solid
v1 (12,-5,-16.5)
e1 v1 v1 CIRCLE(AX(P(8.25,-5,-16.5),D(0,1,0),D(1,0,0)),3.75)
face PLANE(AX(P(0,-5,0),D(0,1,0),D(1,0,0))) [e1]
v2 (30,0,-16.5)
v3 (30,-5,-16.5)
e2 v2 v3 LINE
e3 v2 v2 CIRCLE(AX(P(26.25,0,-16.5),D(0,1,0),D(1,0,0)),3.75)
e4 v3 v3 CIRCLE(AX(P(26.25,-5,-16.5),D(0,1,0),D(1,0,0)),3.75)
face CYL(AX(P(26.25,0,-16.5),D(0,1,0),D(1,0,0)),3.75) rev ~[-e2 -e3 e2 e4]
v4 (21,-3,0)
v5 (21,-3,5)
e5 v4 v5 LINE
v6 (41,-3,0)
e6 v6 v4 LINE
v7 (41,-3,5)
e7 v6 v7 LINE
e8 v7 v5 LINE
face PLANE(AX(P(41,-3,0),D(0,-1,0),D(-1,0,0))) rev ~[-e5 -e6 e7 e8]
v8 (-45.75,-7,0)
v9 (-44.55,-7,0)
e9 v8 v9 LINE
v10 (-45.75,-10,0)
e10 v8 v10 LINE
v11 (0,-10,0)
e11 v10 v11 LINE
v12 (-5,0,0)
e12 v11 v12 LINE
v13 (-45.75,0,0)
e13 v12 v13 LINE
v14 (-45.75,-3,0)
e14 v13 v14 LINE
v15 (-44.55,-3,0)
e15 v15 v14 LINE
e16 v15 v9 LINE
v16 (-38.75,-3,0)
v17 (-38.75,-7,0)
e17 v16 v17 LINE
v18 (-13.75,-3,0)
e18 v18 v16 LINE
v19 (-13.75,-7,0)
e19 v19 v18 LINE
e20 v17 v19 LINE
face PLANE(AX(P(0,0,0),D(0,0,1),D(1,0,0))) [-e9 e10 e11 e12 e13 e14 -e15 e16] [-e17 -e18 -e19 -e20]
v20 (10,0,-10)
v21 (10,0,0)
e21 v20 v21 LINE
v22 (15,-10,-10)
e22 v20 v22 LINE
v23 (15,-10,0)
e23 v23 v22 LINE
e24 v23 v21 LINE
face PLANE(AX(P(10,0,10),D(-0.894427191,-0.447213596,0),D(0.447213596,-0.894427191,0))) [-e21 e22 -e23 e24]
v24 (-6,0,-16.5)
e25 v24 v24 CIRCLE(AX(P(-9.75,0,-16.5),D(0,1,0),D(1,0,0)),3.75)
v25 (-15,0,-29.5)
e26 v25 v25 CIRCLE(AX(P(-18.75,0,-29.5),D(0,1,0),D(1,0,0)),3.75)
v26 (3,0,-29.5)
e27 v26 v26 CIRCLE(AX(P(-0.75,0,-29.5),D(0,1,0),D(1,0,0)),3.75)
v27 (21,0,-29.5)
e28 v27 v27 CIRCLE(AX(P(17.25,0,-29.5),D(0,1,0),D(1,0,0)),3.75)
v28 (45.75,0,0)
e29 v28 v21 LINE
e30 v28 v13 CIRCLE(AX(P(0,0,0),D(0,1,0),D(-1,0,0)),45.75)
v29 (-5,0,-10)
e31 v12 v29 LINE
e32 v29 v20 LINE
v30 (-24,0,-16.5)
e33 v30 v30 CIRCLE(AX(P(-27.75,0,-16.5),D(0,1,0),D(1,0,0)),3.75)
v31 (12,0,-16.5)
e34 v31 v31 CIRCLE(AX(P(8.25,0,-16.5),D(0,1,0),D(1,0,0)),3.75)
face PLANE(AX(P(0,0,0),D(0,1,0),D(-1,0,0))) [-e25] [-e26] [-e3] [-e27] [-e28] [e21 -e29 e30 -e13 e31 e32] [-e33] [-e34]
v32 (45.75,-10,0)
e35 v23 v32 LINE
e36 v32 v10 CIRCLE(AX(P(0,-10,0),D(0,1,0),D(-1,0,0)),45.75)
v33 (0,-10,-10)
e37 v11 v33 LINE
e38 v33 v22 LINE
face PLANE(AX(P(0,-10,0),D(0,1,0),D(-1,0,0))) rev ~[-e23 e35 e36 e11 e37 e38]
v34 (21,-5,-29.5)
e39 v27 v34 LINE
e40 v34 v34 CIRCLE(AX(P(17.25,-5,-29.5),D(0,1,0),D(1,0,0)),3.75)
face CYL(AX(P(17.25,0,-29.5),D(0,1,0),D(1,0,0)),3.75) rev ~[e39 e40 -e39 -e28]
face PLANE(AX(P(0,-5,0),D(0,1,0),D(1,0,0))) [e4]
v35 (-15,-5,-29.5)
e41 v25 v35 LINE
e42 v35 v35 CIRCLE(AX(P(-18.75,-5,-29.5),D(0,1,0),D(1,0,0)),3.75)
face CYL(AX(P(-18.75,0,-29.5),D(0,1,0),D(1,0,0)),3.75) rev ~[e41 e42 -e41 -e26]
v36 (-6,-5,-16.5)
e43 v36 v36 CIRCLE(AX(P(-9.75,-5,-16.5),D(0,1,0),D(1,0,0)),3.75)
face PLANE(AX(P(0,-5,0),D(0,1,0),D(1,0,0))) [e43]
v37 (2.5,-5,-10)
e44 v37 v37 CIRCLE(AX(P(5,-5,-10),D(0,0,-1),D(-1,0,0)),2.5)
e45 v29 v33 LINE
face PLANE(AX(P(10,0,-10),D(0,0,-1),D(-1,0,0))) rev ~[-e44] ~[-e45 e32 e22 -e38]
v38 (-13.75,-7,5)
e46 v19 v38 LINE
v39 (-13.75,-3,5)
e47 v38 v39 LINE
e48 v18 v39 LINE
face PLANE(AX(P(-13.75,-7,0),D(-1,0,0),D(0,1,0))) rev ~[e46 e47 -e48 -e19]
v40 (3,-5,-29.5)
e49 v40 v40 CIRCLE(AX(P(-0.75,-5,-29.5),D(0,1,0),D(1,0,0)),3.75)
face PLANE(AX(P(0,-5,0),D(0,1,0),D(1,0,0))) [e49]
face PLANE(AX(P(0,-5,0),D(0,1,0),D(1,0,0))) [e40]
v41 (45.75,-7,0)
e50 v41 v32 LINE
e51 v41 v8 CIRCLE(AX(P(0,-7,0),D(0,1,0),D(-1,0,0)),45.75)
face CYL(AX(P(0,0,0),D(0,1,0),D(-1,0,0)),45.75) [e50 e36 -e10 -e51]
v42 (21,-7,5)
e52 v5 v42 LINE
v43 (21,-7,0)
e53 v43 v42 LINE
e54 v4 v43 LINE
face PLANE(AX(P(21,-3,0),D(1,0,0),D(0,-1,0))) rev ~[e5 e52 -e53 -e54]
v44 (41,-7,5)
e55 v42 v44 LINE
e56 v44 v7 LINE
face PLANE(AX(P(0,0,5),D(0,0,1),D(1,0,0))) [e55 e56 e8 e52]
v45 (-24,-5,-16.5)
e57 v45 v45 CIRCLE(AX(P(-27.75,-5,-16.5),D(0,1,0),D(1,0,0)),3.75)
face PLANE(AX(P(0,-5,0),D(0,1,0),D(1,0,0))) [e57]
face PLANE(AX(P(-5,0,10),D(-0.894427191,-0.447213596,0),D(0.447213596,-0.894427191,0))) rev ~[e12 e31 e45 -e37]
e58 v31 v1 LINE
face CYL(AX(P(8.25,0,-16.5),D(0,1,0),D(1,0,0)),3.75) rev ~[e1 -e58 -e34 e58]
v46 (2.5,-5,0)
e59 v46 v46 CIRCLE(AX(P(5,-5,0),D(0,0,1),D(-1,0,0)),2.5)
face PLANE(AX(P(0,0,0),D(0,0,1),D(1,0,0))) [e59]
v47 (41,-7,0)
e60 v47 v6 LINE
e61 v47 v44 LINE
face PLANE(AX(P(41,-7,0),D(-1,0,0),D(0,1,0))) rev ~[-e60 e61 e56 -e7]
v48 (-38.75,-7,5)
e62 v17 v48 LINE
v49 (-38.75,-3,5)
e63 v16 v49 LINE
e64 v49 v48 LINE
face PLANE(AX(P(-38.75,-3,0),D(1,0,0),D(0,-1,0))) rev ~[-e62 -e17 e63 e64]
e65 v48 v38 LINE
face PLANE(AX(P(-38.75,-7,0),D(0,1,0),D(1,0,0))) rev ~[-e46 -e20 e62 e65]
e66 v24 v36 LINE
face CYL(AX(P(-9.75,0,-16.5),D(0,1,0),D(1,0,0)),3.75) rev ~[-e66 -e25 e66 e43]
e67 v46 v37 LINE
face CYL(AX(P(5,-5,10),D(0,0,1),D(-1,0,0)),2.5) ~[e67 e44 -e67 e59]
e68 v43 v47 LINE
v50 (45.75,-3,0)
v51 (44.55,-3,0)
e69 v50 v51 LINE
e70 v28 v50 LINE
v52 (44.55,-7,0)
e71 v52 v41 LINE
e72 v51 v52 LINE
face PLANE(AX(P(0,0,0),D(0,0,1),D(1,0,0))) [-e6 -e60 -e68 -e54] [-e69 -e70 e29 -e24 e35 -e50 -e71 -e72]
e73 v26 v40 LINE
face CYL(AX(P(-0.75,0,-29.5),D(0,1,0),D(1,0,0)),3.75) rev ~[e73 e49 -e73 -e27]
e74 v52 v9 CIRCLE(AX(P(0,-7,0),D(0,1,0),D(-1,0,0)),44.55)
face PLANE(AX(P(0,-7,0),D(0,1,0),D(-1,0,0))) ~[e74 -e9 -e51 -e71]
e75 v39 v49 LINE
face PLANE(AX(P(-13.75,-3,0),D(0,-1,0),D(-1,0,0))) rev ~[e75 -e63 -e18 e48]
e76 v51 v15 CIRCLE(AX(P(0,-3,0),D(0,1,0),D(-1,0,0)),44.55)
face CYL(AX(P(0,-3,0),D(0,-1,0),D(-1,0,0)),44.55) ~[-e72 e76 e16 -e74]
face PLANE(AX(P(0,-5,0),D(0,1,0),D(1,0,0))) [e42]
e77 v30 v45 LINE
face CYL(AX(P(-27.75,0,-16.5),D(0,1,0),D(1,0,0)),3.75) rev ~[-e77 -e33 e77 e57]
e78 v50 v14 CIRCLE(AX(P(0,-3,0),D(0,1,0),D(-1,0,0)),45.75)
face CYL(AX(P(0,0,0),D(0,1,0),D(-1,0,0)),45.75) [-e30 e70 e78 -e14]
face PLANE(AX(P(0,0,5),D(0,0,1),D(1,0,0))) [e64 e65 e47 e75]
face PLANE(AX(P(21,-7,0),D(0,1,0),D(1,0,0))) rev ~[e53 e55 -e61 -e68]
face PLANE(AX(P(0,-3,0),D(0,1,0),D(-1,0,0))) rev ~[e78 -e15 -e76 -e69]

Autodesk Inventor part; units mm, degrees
ref_plane "YZ Plane" through (0, 0, 0) normal (1, 0, 0) x (0, 1, 0)
ref_plane "XZ Plane" through (0, 0, 0) normal (0, 1, 0) x (-1, 0, 0)
ref_plane "XY Plane" through (0, 0, 0) normal (0, 0, 1) x (1, 0, 0)
sketch "스케치1" plane through (0, 0, 0) normal (0, 1, 0) x (-1, 0, 0)
  line L0 (-10, 10) -> (10, 10)
  line L1 (10, 10) -> (10, -10)
  line L2 (10, -10) -> (-10, -10)
  line L3 (-10, -10) -> (-10, 10)
  line L4 (-10, 10) -> (10, -10) construction
  line L5 (10, 10) -> (-10, -10) construction
  line L6 (-10, -10) -> (-15, -10)
  line L7 (-15, -10) -> (-15, 10)
  line L8 (-15, 10) -> (-10, 10)
  line L9 (-10, 10) -> (-10, -10)
  circle A0 centre (0, 0) radius 45.75
  dimension "d0" = 20
  dimension "d1" = 20
  dimension "d2" = 5
  dimension "d17" = 91.5
ref_plane "작업 평면2" through (-10, 20, -10) normal (-1, 0, 0) x (0, 0, 1)
sketch "스케치2" plane through (-10, 20, -10) normal (-1, 0, 0) x (0, 0, 1)
  line L0 (20, -100) -> (20, 0) projected
  line L1 (0, 0) -> (20, 0) projected
  line L2 (0, 0) -> (0, -100) projected
  line L3 (20, -100) -> (0, -100) projected
  circle A0 centre (10, -91) radius 4.5
  point P0 (10, -20)
  dimension "d7" = 9
  dimension "d8" = 9
ref_plane "작업 평면1" through (-10, 20, 10) normal (0, 0, 1) x (1, 0, 0)
sketch "스케치3" plane through (-10, 20, 10) normal (0, 0, 1) x (1, 0, 0)
  line L0 (20, -20) -> (25, -20) projected
  line L1 (25, -20) -> (25, 0) projected
  line L2 (0, 0) -> (25, 0) projected
  line L3 (0, -100) -> (0, 0) projected
  line L4 (20, -100) -> (0, -100) projected
  line L5 (20, -20) -> (20, -100) projected
  line L6 (25, -20) -> (25, 0) projected
  line L7 (25, 0) -> (0, 0) projected
  arc A0 (25, -20) -> (20, 0) centre (-10.6945, -18.2986) ccw
  line L8 (20, 0) -> (25, 0)
  line L9 (25, 0) -> (25, -20)
  point P0 (10, -20)
  point P1 (20, 0)
  point P2 (25, -16.5972)
extrude "돌출4" [suppressed]
extrude "돌출5" [suppressed]
extrude "돌출6" add sketch "스케치1" against normal blind 10
ref_plane "작업 평면3" through (10, 0, -10) normal (0, 0, 1) x (1, 0, 0)
sketch "스케치4" plane through (10, 0, -10) normal (0, 0, 1) x (1, 0, 0)
  line L0 (0, -5) -> (-10, -5) projected
  line L1 (-10, -5) -> (-10, -80) projected
  line L2 (0, -80) -> (-10, -80) projected
  line L3 (0, -5) -> (0, -80) projected
  line L4 (-10, 0) -> (0, 0) projected
  line L5 (0, 0) -> (5, 0) projected
  line L6 (5, 0) -> (5, 3.4028) projected
  arc A0 (5, 3.4028) -> (0, 20) centre (-30.6945, 1.7014) ccw projected
  line L7 (-10, 20) -> (0, 20) projected
  line L8 (-10, 20) -> (-10, 0) projected
  line L9 (0, -5) -> (5, -5)
  line L10 (5, -5) -> (5, 0)
  line L11 (5, 0) -> (0, 0)
  line L12 (0, 0) -> (0, -5)
  line L13 (-55.75, -5) -> (35.75, -5) projected
  line L14 (-10, 0) -> (-15, 0)
  line L15 (-15, 0) -> (-15, -5)
  line L16 (-15, -5) -> (-10, -5)
  line L17 (-10, -5) -> (-10, 0)
  line L18 (-15, 0) -> (-10, -5)
  line L19 (0, 0) -> (5, -5)
  dimension "d20" = 5
sketch "스케치5" plane through (0, 0, 0) normal (0, 1, 0) x (1, 0, 0)
  circle A0 centre (0, 0) radius 45.75 projected
  line L0 (15, -10) -> (-10, -10) projected
  line L1 (-10, 10) -> (15, 10) projected
  line L2 (-12.2866, 10.5) -> (15, 10.5)
  line L3 (15, 10.5) -> (15, -10.5)
  line L4 (15, -10.5) -> (-12.2866, -10.5)
  line L5 (-12.2866, -10.5) -> (-12.2866, 10.5)
  line L6 (15, 10) -> (15, -10) projected
  line L7 (-10, -10) -> (-10, 10) projected
  dimension "d22" = 0.5
extrude "돌출7" [suppressed]
sketch "스케치6" plane through (-12.2866, 0, -10.5) normal (0, 0, 1) x (1, 0, 0)
  line L0 (7.2866, 0) -> (12.2866, -5) projected
  line L1 (7.2866, 0) -> (7.2866, -5) projected
  line L2 (7.2866, -5) -> (12.2866, -5) projected
  line L3 (22.2866, 0) -> (27.2866, -5) projected
  line L4 (22.2866, 0) -> (22.2866, -5) projected
  line L5 (22.2866, -5) -> (27.2866, -5) projected
  point P0 (12.2866, 0)
extrude "돌출8" [suppressed]
extrude "돌출9" add sketch "스케치4" along normal blind 20.5 and the other way blind 0.5 contours L19 L5 L10
ref_plane "작업 평면4" through (-12.2866, -5, -10.5) normal (0, 0, 1) x (1, 0, 0)
sketch "스케치7" plane through (-12.2866, -5, -10.5) normal (0, 0, 1) x (1, 0, 0)
  line L0 (7.2866, 0) -> (7.2866, 5) projected
  line L1 (0, 5) -> (7.2866, 5) projected
  line L2 (0, 5) -> (0, 0) projected
  line L3 (7.2866, 0) -> (0, 0) projected
  line L4 (0, 5) -> (7.2866, 5)
  line L5 (7.2866, 5) -> (7.2866, 0)
  line L6 (7.2866, 0) -> (0, 0)
  line L7 (0, 0) -> (0, 5)
  point P0 (12.2866, 5)
extrude "돌출10" add sketch "스케치7" along normal blind 21
sketch "스케치8" plane through (-5, 0, -10) normal (0, 0, 1) x (1, 0, 0)
  line L0 (0, 0) -> (0, -5) projected
  line L1 (20, -10) -> (-5, -10) projected
  line L2 (20, -5) -> (15, 0) projected
  line L3 (0, 0) -> (15, 0) projected
  line L4 (0, 0) -> (5, 0)
  line L5 (5, 0) -> (5, -10)
  line L6 (5, -10) -> (0, -10)
  line L7 (0, -10) -> (0, 0)
  line L8 (0, 0) -> (5, -10)
  line L9 (0, -5) -> (-5, -5) projected
  line L10 (-5, -5) -> (-5, -10) projected
  line L11 (20, -5) -> (20, -10) projected
  dimension "d33" = 5
extrude "돌출11" add sketch "스케치8" along normal blind 21
sketch "스케치9" plane through (0, 0, 0) normal (0, 1, 0) x (1, 0, 0)
  line L0 (10, -10) -> (-10, -10) projected
  line L1 (10, 10) -> (10, -10) projected
  line L2 (64.05, 10) -> (-64.05, 10) projected
  line L3 (-10, -64.05) -> (-10, 64.05) projected
  line L4 (-10, -10) -> (-10, 10) projected
  line L5 (-10, 10) -> (10, 10) projected
  line L6 (10, -10) -> (0, -10)
  line L7 (0, -10) -> (0, 10)
  line L8 (0, 10) -> (10, 10)
  line L9 (10, 10) -> (10, -10)
  point P0 (0, 0)
extrude "돌출12" cut sketch "스케치9" against normal blind 10 contours L0 L7 L2 L1
sketch "스케치10" plane through (10, 0, 10) normal (0, 0, -1) x (-1, 0, 0)
  line L0 (-5, 0) -> (0, 0) projected
  line L1 (0, 0) -> (0, -10) projected
  line L2 (-35.75, -10) -> (55.75, -10) projected
  line L3 (0, 0) -> (-5, 0)
  line L4 (-5, 0) -> (-5, -10)
  line L5 (-5, -10) -> (0, -10)
  line L6 (0, -10) -> (0, 0)
  line L7 (0, 0) -> (-5, -10)
  line L8 (10, 0) -> (15, 0)
  line L9 (15, 0) -> (15, -10)
  line L10 (15, -10) -> (10, -10)
  line L11 (10, -10) -> (10, 0)
  line L12 (15, 0) -> (10, -10)
  dimension "d38" = 5
extrude "돌출13" cut sketch "스케치10" along normal blind 20 contours L11 L8 L12
extrude "돌출14" cut sketch "스케치10" along normal blind 20 contours L1 L2 L7
sketch "스케치11" plane through (10, 0, 10) normal (0, 0, -1) x (-1, 0, 0)
  line L0 (-35.75, -10) -> (55.75, -10) projected
  line L1 (55.75, 0) -> (-35.75, 0) projected
  line L2 (0, 0) -> (0, -10) projected
  line L3 (10, -10) -> (10, 0) projected
  line L4 (0, 0) -> (10, 0)
  line L5 (10, 0) -> (10, -10)
  line L6 (10, -10) -> (0, -10)
  line L7 (0, -10) -> (0, 0)
  circle A0 centre (5, -5) radius 2.5
  dimension "d43" = 5
extrude "돌출15" add sketch "스케치11" along normal blind 20 contours A0
sketch "스케치12" plane through (-10, 20, 10) normal (0, 0, 1) x (1, 0, 0)
  point P0 (10, -20)
sketch "스케치13" plane through (0, 0, 0) normal (0, 0, 1) x (1, 0, 0)
  line L0 (-45.75, -10) -> (45.75, -10) projected
  line L1 (45.75, 0) -> (-45.75, 0) projected
  line L2 (-45.75, -10) -> (45.75, -10) projected
  line L3 (-45.75, 0) -> (45.75, 0)
  line L4 (45.75, 0) -> (45.75, -10)
  line L5 (45.75, -10) -> (-45.75, -10)
  line L6 (-45.75, -10) -> (-45.75, 0)
  point P0 (0, 0)
extrude "돌출16" cut sketch "스케치13" along normal blind 50
sketch "스케치14" plane through (0, 0, 0) normal (0, 0, 1) x (1, 0, 0)
  line L0 (-38.75, -7) -> (-13.75, -7)
  line L1 (-13.75, -7) -> (-13.75, -3)
  line L2 (-13.75, -3) -> (-38.75, -3)
  line L3 (-38.75, -3) -> (-38.75, -7)
  line L4 (0, -10) -> (-45.75, -10) projected
  line L5 (-45.75, 0) -> (-45.75, -10) projected
  circle A0 centre (5, -5) radius 2.5 projected
  line L6 (5, -26.6285) -> (5, 24.5755)
  line L7 (21, -7) -> (41, -7)
  line L8 (41, -7) -> (41, -3)
  line L9 (41, -3) -> (21, -3)
  line L10 (21, -3) -> (21, -7)
  line L11 (45.75, 0) -> (45.75, -10) projected
  line L12 (-45.75, -3) -> (-44.55, -3)
  line L13 (-44.55, -3) -> (-44.55, -7)
  line L14 (-44.55, -7) -> (-45.75, -7)
  line L15 (-45.75, -7) -> (-45.75, -3)
  line L16 (0, -36.8693) -> (0, 34.8163) projected
  point P0 (0, 0)
  point P1 (45.75, -5)
  dimension "d48" = 25
  dimension "d49" = 4
  dimension "d50" = 3
  dimension "d51" = 7
  dimension "d52" = 20
  dimension "d53" = 4
  dimension "d54" = 4.75
  dimension "d57" = 1.2
extrude "돌출17" add sketch "스케치14" along normal blind 5 contours L3 L2 L1 L0 | L10 L9 L8 L7
revolve "회전1" cut sketch "스케치14" angle 360 about axis through (0, -10, 0) along (0, 1, 0) contours L12 L13 L14 L5
sketch "스케치15" plane through (0, 0, 0) normal (0, 1, 0) x (1, 0, 0)
  circle A0 centre (-27.75, 16.5) radius 3.75
  circle A1 centre (-9.75, 16.5) radius 3.75
  circle A2 centre (8.25, 16.5) radius 3.75
  circle A3 centre (26.25, 16.5) radius 3.75
  circle A4 centre (-18.75, 29.5) radius 3.75
  circle A5 centre (-0.75, 29.5) radius 3.75
  line L0 (-44.55, 0) -> (-45.75, 0) projected
  line L1 (-45.75, 0) -> (-45.75, 37.0208)
  circle A6 centre (17.25, 29.5) radius 3.75
  line L2 (64.05, 10.5) -> (-64.05, 10.5) projected
  point P0 (0, 0)
  dimension "d59" = 7.5
  dimension "d60" = 7.5
  dimension "d61" = 7.5
  dimension "d62" = 7.5
  dimension "d63" = 7.5
  dimension "d64" = 7.5
  dimension "d66" = 18
  dimension "d67" = 18
  dimension "d68" = 18
  dimension "d69" = 18
  dimension "d70" = 9
  dimension "d71" = 9
  dimension "d73" = 7.5
  dimension "d74" = 9
  dimension "d75" = 13
  dimension "d76" = 13
  dimension "d77" = 13
  dimension "d80" = 6
  dimension "d81" = 6
extrude "돌출18" cut sketch "스케치15" against normal blind 5
properties part number "new탄두윗판구멍1_1_3"
